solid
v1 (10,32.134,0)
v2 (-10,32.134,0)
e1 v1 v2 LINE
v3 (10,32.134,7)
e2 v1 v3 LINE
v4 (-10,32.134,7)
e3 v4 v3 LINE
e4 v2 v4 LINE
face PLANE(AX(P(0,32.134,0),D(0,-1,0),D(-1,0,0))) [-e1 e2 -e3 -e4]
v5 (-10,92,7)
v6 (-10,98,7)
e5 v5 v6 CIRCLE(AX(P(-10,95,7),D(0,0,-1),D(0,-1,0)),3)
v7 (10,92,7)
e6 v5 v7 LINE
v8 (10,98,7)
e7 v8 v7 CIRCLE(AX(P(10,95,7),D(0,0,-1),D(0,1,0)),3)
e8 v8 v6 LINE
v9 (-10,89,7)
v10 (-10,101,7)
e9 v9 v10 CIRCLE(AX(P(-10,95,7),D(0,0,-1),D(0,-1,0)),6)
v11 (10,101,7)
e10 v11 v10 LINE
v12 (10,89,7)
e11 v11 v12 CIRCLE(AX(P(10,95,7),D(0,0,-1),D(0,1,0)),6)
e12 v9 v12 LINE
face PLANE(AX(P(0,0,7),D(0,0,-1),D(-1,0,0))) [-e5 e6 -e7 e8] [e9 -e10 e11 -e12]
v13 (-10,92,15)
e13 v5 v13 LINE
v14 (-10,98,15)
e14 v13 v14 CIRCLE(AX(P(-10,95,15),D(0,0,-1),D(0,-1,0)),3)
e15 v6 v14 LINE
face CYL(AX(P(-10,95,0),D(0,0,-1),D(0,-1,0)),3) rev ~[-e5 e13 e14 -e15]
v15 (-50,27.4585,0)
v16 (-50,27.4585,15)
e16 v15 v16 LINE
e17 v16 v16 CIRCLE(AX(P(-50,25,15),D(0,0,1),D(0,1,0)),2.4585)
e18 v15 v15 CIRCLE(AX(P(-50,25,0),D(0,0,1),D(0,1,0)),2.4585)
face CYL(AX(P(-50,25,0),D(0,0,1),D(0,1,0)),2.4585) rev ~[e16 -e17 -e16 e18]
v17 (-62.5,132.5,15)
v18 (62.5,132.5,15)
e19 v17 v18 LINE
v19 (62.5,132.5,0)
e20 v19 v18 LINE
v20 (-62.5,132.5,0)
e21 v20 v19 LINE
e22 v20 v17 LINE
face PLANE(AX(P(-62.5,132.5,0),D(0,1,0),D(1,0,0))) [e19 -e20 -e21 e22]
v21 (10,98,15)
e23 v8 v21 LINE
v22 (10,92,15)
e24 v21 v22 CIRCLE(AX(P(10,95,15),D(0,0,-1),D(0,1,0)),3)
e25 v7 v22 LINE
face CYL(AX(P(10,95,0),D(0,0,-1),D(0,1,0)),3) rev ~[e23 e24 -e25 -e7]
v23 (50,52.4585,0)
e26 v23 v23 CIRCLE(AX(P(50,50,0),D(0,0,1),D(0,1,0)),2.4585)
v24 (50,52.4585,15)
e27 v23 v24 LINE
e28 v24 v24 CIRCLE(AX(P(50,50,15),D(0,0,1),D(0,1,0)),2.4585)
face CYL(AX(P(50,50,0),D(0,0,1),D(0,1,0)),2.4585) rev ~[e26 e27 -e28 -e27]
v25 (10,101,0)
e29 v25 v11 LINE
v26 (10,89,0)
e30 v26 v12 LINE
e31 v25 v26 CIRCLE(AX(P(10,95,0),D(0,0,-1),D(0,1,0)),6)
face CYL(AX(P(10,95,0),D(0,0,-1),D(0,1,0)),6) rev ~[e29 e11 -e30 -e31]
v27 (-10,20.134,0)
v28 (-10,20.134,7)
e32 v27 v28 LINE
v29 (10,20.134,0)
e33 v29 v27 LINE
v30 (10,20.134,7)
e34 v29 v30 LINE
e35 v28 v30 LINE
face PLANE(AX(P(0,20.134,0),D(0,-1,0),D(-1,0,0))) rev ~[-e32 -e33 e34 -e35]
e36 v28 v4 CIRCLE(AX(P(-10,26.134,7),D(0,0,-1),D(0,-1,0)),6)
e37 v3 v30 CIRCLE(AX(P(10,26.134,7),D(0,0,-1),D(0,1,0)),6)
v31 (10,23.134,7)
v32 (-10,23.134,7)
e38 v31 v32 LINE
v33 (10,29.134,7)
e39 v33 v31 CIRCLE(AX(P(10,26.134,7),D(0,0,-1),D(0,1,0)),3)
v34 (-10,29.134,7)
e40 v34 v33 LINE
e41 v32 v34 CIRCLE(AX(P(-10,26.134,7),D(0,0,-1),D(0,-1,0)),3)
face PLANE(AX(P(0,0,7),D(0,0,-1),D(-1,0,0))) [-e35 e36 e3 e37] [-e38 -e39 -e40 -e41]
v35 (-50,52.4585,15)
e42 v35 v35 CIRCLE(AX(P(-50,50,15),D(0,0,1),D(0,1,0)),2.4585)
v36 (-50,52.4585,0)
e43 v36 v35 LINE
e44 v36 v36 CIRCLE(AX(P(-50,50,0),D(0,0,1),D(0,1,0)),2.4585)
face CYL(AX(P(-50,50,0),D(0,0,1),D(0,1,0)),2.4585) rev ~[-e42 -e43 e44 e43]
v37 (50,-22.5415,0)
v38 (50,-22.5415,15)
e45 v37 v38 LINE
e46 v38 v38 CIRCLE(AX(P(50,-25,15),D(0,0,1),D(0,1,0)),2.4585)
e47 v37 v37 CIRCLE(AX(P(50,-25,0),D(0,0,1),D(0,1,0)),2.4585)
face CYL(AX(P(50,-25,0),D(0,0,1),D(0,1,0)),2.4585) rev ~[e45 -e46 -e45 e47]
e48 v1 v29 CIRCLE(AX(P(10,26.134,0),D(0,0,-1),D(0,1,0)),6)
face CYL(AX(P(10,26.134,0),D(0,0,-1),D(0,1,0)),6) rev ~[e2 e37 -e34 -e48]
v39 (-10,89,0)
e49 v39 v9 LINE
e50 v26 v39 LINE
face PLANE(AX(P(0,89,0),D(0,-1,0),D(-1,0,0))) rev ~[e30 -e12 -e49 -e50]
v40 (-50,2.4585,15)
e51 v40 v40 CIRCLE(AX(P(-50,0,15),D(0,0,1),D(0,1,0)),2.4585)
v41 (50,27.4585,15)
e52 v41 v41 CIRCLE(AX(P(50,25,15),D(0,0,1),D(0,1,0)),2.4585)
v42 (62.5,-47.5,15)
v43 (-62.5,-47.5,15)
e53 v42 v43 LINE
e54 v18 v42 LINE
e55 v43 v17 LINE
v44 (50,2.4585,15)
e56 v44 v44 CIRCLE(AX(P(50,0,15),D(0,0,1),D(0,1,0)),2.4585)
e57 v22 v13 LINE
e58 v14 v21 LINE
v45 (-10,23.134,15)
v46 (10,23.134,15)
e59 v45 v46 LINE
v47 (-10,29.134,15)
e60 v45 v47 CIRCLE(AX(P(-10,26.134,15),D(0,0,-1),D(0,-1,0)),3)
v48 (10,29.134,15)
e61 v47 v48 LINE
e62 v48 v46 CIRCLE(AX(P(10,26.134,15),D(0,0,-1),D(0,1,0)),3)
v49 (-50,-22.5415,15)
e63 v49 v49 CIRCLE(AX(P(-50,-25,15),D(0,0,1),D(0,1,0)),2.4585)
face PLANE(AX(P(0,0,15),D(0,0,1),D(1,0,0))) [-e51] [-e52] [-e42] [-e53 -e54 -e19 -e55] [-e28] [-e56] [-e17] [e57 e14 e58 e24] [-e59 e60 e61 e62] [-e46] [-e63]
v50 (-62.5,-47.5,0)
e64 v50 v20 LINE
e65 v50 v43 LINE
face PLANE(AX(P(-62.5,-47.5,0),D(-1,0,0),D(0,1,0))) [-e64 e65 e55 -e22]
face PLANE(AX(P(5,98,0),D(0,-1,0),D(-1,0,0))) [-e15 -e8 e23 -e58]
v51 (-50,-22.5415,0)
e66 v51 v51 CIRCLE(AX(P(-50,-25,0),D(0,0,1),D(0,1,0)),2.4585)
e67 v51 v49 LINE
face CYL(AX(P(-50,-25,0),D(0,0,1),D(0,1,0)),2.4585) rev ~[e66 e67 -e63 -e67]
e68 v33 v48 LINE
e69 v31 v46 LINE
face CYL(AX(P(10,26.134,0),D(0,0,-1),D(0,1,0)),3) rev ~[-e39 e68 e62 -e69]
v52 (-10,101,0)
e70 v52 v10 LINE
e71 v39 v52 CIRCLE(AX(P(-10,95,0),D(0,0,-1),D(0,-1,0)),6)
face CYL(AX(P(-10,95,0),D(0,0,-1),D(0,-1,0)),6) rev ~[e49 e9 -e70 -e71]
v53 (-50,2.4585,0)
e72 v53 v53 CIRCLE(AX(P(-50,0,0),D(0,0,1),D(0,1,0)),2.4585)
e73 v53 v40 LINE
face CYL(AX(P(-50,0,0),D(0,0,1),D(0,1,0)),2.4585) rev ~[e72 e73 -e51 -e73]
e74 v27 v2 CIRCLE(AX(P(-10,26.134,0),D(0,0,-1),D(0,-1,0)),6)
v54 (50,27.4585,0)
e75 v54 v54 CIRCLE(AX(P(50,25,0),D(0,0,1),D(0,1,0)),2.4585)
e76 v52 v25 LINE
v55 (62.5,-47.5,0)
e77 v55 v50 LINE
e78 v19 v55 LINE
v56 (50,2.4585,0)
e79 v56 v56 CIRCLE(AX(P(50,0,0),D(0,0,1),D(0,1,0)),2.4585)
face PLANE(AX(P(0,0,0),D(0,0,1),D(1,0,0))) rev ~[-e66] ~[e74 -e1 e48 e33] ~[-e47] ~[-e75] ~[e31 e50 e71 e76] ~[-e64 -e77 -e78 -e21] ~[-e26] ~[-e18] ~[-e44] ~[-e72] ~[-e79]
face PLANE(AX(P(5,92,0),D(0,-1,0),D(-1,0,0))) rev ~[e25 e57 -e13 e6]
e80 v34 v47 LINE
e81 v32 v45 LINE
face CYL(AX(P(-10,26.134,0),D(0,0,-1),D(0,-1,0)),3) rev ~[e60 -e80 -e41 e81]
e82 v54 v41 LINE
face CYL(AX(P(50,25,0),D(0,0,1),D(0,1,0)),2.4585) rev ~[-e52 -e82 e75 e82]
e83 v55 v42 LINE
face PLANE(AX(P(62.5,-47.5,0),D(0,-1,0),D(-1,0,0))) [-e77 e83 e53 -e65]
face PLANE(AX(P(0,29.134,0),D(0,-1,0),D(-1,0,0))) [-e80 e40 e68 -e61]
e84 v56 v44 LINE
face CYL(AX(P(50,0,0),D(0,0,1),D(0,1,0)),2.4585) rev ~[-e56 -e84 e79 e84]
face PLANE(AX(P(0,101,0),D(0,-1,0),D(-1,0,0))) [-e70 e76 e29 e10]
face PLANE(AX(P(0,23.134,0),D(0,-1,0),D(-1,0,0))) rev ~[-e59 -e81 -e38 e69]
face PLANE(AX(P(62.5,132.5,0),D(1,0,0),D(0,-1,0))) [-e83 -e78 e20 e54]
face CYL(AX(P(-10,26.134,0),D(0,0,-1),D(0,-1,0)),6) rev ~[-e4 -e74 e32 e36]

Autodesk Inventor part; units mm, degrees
ref_plane "YZ Plane" through (0, 0, 0) normal (1, 0, 0) x (0, 1, 0)
ref_plane "XZ Plane" through (0, 0, 0) normal (0, 1, 0) x (-1, 0, 0)
sketch "Sketch1" plane through (0, 0, 0) normal (0, 0, 1) x (1, 0, 0)
  circle A0 centre (5, 95) radius 3 construction
  arc A1 (-53, -30) -> (-47, -30) centre (-50, -30) ccw construction
  line L0 (-53, -30) -> (-53, 30) construction
  arc A2 (-47, 30) -> (-53, 30) centre (-50, 30) ccw construction
  line L1 (-47, 30) -> (-47, -30) construction
  arc A3 (47, -30) -> (53, -30) centre (50, -30) ccw construction
  line L2 (47, -30) -> (47, 30) construction
  arc A4 (53, 30) -> (47, 30) centre (50, 30) ccw construction
  line L3 (53, 30) -> (53, -30) construction
  circle A5 centre (31.5, 31.5) radius 6 construction
  circle A6 centre (-31.5, 31.5) radius 6 construction
  circle A7 centre (-31.5, -31.5) radius 6 construction
  circle A8 centre (31.5, -31.5) radius 6 construction
  line L4 (62.5, 47.5) -> (-62.5, 47.5) construction
  line L5 (-62.5, 47.5) -> (-62.5, -47.5) construction
  line L6 (-62.5, -47.5) -> (62.5, -47.5) construction
  line L7 (62.5, -47.5) -> (62.5, 47.5) construction
  line L8 (62.5, -47.5) -> (-62.5, -47.5)
  line L9 (-62.5, -47.5) -> (-62.5, 132.5)
  line L10 (-62.5, 132.5) -> (62.5, 132.5)
  line L11 (62.5, 132.5) -> (62.5, -47.5)
  point P0 (0, 0)
  dimension "d0" = 180
  dimension "d1" = 125
ref_plane "Work Plane1" through (-75, -725, 15) normal (0, 0, -1) x (0, 1, 0)
extrude "Extrusion1" add sketch "Sketch1" along normal up to surface (15 mm away)
sketch "Sketch2" plane through (0, 0, 0) normal (0, 0, -1) x (-1, 0, 0)
  line L0 (-62.5, -47.5) -> (62.5, -47.5) projected
  arc A0 (47, -30) -> (53, -30) centre (50, -30) ccw construction
  arc A1 (53, 30) -> (47, 30) centre (50, 30) ccw construction
  line L1 (47, 30) -> (47, -30) construction
  line L2 (53, -30) -> (53, 30) construction
  point P0 (0, 0)
  point P1 (50, -25)
  point P2 (50, 0)
  point P3 (50, 25)
  point P4 (-50, -25)
  point P5 (-50, 0)
  point P6 (-50, 25)
  point P7 (50, 50)
  point P8 (-50, 50)
  dimension "d5" = 55
  dimension "d8" = 25
  dimension "d11" = 100
hole "Hole1" at (-50, -25, 0) at (-50, 0, 0) at (-50, 25, 0) at (50, -25, 0) at (50, 0, 0) at (50, 25, 0) at (-50, 50, 0) at (50, 50, 0) direction (0, 0, 1) diameter 4.917 end through all thread size "M6x1" class "6H" standard "ANSI Metric M Profile"
sketch "Sketch4" plane through (0, 0, 0) normal (0, 0, -1) x (-1, 0, 0)
  circle A0 centre (-5, 95) radius 3 projected
  line L0 (0, -83.5) -> (0, 168.5) projected
  line L1 (-10, 95) -> (10, 95) construction
  line L2 (-10, 92) -> (10, 92)
  line L3 (-10, 98) -> (10, 98)
  arc A1 (10, 92) -> (10, 98) centre (10, 95) ccw
  arc A2 (-10, 98) -> (-10, 92) centre (-10, 95) ccw
  line L4 (-62.5, 47.5) -> (62.5, 47.5) construction
  line L5 (-10, 26.134) -> (10, 26.134) construction
  line L6 (-10, 23.134) -> (10, 23.134)
  line L7 (-10, 29.134) -> (10, 29.134)
  arc A3 (10, 23.134) -> (10, 29.134) centre (10, 26.134) ccw
  arc A4 (-10, 29.134) -> (-10, 23.134) centre (-10, 26.134) ccw
  point P0 (0, 0)
  dimension "d21" = 20
  dimension "d22" = 3
  dimension "d23" = 3
  dimension "d24" = 6
  dimension "d27" = 47.5
  dimension "d30" = 68.866
extrude "Extrusion2" cut sketch "Sketch4" against normal blind 15
sketch "Sketch5" plane through (0, 0, 0) normal (0, 0, -1) x (-1, 0, 0)
  arc A0 (10, 92) -> (10, 98) centre (10, 95) ccw projected
  line L0 (10, 92) -> (-10, 92) projected
  arc A1 (-10, 98) -> (-10, 92) centre (-10, 95) ccw projected
  line L1 (-10, 98) -> (10, 98) projected
  arc A2 (10, 23.134) -> (10, 29.134) centre (10, 26.134) ccw projected
  line L2 (10, 23.134) -> (-10, 23.134) projected
  arc A3 (-10, 29.134) -> (-10, 23.134) centre (-10, 26.134) ccw projected
  line L3 (-10, 29.134) -> (10, 29.134) projected
  arc A4 (10, 92) -> (10, 98) centre (10, 95) ccw projected
  line L4 (10, 92) -> (-10, 92) projected
  arc A5 (-10, 98) -> (-10, 92) centre (-10, 95) ccw projected
  line L5 (-10, 98) -> (10, 98) projected
  circle A6 centre (-50, 50) radius 2.4585 projected
  circle A7 centre (50, 50) radius 2.4585 projected
  circle A8 centre (-50, 25) radius 2.4585 projected
  circle A9 centre (-50, 0) radius 2.4585 projected
  circle A10 centre (-50, -25) radius 2.4585 projected
  circle A11 centre (50, 25) radius 2.4585 projected
  circle A12 centre (50, 0) radius 2.4585 projected
  circle A13 centre (50, -25) radius 2.4585 projected
  line L6 (-62.5, -47.5) -> (62.5, -47.5) projected
  line L7 (62.5, -47.5) -> (62.5, 132.5) projected
  line L8 (62.5, 132.5) -> (-62.5, 132.5) projected
  line L9 (-62.5, 132.5) -> (-62.5, -47.5) projected
  line L10 (-10, 89) -> (10, 89)
  line L11 (-10, 101) -> (10, 101)
  arc A14 (10, 89) -> (10, 101) centre (10, 95) ccw
  arc A15 (-10, 101) -> (-10, 89) centre (-10, 95) ccw
  line L12 (0, -83.5) -> (0, 168.5) projected
  line L13 (-10, 20.134) -> (10, 20.134)
  line L14 (-10, 32.134) -> (10, 32.134)
  arc A16 (10, 20.134) -> (10, 32.134) centre (10, 26.134) ccw
  arc A17 (-10, 32.134) -> (-10, 20.134) centre (-10, 26.134) ccw
  point P0 (0, 0)
  dimension "d35" = 12
  dimension "d36" = 6
  dimension "d37" = 6
  dimension "d38" = 6
  dimension "d41" = 68.866
extrude "Extrusion3" cut sketch "Sketch5" against normal blind 7 contours A0 L1 L12 L11 A14 L10 L0 | L12 L10 A15 L11 L1 A1 L0 | L14 A16 L13 L12 L2 A2 L3 | L12 L3 A3 L2 L13 A17 L14
properties part number "MacroBasePlate_V1"
